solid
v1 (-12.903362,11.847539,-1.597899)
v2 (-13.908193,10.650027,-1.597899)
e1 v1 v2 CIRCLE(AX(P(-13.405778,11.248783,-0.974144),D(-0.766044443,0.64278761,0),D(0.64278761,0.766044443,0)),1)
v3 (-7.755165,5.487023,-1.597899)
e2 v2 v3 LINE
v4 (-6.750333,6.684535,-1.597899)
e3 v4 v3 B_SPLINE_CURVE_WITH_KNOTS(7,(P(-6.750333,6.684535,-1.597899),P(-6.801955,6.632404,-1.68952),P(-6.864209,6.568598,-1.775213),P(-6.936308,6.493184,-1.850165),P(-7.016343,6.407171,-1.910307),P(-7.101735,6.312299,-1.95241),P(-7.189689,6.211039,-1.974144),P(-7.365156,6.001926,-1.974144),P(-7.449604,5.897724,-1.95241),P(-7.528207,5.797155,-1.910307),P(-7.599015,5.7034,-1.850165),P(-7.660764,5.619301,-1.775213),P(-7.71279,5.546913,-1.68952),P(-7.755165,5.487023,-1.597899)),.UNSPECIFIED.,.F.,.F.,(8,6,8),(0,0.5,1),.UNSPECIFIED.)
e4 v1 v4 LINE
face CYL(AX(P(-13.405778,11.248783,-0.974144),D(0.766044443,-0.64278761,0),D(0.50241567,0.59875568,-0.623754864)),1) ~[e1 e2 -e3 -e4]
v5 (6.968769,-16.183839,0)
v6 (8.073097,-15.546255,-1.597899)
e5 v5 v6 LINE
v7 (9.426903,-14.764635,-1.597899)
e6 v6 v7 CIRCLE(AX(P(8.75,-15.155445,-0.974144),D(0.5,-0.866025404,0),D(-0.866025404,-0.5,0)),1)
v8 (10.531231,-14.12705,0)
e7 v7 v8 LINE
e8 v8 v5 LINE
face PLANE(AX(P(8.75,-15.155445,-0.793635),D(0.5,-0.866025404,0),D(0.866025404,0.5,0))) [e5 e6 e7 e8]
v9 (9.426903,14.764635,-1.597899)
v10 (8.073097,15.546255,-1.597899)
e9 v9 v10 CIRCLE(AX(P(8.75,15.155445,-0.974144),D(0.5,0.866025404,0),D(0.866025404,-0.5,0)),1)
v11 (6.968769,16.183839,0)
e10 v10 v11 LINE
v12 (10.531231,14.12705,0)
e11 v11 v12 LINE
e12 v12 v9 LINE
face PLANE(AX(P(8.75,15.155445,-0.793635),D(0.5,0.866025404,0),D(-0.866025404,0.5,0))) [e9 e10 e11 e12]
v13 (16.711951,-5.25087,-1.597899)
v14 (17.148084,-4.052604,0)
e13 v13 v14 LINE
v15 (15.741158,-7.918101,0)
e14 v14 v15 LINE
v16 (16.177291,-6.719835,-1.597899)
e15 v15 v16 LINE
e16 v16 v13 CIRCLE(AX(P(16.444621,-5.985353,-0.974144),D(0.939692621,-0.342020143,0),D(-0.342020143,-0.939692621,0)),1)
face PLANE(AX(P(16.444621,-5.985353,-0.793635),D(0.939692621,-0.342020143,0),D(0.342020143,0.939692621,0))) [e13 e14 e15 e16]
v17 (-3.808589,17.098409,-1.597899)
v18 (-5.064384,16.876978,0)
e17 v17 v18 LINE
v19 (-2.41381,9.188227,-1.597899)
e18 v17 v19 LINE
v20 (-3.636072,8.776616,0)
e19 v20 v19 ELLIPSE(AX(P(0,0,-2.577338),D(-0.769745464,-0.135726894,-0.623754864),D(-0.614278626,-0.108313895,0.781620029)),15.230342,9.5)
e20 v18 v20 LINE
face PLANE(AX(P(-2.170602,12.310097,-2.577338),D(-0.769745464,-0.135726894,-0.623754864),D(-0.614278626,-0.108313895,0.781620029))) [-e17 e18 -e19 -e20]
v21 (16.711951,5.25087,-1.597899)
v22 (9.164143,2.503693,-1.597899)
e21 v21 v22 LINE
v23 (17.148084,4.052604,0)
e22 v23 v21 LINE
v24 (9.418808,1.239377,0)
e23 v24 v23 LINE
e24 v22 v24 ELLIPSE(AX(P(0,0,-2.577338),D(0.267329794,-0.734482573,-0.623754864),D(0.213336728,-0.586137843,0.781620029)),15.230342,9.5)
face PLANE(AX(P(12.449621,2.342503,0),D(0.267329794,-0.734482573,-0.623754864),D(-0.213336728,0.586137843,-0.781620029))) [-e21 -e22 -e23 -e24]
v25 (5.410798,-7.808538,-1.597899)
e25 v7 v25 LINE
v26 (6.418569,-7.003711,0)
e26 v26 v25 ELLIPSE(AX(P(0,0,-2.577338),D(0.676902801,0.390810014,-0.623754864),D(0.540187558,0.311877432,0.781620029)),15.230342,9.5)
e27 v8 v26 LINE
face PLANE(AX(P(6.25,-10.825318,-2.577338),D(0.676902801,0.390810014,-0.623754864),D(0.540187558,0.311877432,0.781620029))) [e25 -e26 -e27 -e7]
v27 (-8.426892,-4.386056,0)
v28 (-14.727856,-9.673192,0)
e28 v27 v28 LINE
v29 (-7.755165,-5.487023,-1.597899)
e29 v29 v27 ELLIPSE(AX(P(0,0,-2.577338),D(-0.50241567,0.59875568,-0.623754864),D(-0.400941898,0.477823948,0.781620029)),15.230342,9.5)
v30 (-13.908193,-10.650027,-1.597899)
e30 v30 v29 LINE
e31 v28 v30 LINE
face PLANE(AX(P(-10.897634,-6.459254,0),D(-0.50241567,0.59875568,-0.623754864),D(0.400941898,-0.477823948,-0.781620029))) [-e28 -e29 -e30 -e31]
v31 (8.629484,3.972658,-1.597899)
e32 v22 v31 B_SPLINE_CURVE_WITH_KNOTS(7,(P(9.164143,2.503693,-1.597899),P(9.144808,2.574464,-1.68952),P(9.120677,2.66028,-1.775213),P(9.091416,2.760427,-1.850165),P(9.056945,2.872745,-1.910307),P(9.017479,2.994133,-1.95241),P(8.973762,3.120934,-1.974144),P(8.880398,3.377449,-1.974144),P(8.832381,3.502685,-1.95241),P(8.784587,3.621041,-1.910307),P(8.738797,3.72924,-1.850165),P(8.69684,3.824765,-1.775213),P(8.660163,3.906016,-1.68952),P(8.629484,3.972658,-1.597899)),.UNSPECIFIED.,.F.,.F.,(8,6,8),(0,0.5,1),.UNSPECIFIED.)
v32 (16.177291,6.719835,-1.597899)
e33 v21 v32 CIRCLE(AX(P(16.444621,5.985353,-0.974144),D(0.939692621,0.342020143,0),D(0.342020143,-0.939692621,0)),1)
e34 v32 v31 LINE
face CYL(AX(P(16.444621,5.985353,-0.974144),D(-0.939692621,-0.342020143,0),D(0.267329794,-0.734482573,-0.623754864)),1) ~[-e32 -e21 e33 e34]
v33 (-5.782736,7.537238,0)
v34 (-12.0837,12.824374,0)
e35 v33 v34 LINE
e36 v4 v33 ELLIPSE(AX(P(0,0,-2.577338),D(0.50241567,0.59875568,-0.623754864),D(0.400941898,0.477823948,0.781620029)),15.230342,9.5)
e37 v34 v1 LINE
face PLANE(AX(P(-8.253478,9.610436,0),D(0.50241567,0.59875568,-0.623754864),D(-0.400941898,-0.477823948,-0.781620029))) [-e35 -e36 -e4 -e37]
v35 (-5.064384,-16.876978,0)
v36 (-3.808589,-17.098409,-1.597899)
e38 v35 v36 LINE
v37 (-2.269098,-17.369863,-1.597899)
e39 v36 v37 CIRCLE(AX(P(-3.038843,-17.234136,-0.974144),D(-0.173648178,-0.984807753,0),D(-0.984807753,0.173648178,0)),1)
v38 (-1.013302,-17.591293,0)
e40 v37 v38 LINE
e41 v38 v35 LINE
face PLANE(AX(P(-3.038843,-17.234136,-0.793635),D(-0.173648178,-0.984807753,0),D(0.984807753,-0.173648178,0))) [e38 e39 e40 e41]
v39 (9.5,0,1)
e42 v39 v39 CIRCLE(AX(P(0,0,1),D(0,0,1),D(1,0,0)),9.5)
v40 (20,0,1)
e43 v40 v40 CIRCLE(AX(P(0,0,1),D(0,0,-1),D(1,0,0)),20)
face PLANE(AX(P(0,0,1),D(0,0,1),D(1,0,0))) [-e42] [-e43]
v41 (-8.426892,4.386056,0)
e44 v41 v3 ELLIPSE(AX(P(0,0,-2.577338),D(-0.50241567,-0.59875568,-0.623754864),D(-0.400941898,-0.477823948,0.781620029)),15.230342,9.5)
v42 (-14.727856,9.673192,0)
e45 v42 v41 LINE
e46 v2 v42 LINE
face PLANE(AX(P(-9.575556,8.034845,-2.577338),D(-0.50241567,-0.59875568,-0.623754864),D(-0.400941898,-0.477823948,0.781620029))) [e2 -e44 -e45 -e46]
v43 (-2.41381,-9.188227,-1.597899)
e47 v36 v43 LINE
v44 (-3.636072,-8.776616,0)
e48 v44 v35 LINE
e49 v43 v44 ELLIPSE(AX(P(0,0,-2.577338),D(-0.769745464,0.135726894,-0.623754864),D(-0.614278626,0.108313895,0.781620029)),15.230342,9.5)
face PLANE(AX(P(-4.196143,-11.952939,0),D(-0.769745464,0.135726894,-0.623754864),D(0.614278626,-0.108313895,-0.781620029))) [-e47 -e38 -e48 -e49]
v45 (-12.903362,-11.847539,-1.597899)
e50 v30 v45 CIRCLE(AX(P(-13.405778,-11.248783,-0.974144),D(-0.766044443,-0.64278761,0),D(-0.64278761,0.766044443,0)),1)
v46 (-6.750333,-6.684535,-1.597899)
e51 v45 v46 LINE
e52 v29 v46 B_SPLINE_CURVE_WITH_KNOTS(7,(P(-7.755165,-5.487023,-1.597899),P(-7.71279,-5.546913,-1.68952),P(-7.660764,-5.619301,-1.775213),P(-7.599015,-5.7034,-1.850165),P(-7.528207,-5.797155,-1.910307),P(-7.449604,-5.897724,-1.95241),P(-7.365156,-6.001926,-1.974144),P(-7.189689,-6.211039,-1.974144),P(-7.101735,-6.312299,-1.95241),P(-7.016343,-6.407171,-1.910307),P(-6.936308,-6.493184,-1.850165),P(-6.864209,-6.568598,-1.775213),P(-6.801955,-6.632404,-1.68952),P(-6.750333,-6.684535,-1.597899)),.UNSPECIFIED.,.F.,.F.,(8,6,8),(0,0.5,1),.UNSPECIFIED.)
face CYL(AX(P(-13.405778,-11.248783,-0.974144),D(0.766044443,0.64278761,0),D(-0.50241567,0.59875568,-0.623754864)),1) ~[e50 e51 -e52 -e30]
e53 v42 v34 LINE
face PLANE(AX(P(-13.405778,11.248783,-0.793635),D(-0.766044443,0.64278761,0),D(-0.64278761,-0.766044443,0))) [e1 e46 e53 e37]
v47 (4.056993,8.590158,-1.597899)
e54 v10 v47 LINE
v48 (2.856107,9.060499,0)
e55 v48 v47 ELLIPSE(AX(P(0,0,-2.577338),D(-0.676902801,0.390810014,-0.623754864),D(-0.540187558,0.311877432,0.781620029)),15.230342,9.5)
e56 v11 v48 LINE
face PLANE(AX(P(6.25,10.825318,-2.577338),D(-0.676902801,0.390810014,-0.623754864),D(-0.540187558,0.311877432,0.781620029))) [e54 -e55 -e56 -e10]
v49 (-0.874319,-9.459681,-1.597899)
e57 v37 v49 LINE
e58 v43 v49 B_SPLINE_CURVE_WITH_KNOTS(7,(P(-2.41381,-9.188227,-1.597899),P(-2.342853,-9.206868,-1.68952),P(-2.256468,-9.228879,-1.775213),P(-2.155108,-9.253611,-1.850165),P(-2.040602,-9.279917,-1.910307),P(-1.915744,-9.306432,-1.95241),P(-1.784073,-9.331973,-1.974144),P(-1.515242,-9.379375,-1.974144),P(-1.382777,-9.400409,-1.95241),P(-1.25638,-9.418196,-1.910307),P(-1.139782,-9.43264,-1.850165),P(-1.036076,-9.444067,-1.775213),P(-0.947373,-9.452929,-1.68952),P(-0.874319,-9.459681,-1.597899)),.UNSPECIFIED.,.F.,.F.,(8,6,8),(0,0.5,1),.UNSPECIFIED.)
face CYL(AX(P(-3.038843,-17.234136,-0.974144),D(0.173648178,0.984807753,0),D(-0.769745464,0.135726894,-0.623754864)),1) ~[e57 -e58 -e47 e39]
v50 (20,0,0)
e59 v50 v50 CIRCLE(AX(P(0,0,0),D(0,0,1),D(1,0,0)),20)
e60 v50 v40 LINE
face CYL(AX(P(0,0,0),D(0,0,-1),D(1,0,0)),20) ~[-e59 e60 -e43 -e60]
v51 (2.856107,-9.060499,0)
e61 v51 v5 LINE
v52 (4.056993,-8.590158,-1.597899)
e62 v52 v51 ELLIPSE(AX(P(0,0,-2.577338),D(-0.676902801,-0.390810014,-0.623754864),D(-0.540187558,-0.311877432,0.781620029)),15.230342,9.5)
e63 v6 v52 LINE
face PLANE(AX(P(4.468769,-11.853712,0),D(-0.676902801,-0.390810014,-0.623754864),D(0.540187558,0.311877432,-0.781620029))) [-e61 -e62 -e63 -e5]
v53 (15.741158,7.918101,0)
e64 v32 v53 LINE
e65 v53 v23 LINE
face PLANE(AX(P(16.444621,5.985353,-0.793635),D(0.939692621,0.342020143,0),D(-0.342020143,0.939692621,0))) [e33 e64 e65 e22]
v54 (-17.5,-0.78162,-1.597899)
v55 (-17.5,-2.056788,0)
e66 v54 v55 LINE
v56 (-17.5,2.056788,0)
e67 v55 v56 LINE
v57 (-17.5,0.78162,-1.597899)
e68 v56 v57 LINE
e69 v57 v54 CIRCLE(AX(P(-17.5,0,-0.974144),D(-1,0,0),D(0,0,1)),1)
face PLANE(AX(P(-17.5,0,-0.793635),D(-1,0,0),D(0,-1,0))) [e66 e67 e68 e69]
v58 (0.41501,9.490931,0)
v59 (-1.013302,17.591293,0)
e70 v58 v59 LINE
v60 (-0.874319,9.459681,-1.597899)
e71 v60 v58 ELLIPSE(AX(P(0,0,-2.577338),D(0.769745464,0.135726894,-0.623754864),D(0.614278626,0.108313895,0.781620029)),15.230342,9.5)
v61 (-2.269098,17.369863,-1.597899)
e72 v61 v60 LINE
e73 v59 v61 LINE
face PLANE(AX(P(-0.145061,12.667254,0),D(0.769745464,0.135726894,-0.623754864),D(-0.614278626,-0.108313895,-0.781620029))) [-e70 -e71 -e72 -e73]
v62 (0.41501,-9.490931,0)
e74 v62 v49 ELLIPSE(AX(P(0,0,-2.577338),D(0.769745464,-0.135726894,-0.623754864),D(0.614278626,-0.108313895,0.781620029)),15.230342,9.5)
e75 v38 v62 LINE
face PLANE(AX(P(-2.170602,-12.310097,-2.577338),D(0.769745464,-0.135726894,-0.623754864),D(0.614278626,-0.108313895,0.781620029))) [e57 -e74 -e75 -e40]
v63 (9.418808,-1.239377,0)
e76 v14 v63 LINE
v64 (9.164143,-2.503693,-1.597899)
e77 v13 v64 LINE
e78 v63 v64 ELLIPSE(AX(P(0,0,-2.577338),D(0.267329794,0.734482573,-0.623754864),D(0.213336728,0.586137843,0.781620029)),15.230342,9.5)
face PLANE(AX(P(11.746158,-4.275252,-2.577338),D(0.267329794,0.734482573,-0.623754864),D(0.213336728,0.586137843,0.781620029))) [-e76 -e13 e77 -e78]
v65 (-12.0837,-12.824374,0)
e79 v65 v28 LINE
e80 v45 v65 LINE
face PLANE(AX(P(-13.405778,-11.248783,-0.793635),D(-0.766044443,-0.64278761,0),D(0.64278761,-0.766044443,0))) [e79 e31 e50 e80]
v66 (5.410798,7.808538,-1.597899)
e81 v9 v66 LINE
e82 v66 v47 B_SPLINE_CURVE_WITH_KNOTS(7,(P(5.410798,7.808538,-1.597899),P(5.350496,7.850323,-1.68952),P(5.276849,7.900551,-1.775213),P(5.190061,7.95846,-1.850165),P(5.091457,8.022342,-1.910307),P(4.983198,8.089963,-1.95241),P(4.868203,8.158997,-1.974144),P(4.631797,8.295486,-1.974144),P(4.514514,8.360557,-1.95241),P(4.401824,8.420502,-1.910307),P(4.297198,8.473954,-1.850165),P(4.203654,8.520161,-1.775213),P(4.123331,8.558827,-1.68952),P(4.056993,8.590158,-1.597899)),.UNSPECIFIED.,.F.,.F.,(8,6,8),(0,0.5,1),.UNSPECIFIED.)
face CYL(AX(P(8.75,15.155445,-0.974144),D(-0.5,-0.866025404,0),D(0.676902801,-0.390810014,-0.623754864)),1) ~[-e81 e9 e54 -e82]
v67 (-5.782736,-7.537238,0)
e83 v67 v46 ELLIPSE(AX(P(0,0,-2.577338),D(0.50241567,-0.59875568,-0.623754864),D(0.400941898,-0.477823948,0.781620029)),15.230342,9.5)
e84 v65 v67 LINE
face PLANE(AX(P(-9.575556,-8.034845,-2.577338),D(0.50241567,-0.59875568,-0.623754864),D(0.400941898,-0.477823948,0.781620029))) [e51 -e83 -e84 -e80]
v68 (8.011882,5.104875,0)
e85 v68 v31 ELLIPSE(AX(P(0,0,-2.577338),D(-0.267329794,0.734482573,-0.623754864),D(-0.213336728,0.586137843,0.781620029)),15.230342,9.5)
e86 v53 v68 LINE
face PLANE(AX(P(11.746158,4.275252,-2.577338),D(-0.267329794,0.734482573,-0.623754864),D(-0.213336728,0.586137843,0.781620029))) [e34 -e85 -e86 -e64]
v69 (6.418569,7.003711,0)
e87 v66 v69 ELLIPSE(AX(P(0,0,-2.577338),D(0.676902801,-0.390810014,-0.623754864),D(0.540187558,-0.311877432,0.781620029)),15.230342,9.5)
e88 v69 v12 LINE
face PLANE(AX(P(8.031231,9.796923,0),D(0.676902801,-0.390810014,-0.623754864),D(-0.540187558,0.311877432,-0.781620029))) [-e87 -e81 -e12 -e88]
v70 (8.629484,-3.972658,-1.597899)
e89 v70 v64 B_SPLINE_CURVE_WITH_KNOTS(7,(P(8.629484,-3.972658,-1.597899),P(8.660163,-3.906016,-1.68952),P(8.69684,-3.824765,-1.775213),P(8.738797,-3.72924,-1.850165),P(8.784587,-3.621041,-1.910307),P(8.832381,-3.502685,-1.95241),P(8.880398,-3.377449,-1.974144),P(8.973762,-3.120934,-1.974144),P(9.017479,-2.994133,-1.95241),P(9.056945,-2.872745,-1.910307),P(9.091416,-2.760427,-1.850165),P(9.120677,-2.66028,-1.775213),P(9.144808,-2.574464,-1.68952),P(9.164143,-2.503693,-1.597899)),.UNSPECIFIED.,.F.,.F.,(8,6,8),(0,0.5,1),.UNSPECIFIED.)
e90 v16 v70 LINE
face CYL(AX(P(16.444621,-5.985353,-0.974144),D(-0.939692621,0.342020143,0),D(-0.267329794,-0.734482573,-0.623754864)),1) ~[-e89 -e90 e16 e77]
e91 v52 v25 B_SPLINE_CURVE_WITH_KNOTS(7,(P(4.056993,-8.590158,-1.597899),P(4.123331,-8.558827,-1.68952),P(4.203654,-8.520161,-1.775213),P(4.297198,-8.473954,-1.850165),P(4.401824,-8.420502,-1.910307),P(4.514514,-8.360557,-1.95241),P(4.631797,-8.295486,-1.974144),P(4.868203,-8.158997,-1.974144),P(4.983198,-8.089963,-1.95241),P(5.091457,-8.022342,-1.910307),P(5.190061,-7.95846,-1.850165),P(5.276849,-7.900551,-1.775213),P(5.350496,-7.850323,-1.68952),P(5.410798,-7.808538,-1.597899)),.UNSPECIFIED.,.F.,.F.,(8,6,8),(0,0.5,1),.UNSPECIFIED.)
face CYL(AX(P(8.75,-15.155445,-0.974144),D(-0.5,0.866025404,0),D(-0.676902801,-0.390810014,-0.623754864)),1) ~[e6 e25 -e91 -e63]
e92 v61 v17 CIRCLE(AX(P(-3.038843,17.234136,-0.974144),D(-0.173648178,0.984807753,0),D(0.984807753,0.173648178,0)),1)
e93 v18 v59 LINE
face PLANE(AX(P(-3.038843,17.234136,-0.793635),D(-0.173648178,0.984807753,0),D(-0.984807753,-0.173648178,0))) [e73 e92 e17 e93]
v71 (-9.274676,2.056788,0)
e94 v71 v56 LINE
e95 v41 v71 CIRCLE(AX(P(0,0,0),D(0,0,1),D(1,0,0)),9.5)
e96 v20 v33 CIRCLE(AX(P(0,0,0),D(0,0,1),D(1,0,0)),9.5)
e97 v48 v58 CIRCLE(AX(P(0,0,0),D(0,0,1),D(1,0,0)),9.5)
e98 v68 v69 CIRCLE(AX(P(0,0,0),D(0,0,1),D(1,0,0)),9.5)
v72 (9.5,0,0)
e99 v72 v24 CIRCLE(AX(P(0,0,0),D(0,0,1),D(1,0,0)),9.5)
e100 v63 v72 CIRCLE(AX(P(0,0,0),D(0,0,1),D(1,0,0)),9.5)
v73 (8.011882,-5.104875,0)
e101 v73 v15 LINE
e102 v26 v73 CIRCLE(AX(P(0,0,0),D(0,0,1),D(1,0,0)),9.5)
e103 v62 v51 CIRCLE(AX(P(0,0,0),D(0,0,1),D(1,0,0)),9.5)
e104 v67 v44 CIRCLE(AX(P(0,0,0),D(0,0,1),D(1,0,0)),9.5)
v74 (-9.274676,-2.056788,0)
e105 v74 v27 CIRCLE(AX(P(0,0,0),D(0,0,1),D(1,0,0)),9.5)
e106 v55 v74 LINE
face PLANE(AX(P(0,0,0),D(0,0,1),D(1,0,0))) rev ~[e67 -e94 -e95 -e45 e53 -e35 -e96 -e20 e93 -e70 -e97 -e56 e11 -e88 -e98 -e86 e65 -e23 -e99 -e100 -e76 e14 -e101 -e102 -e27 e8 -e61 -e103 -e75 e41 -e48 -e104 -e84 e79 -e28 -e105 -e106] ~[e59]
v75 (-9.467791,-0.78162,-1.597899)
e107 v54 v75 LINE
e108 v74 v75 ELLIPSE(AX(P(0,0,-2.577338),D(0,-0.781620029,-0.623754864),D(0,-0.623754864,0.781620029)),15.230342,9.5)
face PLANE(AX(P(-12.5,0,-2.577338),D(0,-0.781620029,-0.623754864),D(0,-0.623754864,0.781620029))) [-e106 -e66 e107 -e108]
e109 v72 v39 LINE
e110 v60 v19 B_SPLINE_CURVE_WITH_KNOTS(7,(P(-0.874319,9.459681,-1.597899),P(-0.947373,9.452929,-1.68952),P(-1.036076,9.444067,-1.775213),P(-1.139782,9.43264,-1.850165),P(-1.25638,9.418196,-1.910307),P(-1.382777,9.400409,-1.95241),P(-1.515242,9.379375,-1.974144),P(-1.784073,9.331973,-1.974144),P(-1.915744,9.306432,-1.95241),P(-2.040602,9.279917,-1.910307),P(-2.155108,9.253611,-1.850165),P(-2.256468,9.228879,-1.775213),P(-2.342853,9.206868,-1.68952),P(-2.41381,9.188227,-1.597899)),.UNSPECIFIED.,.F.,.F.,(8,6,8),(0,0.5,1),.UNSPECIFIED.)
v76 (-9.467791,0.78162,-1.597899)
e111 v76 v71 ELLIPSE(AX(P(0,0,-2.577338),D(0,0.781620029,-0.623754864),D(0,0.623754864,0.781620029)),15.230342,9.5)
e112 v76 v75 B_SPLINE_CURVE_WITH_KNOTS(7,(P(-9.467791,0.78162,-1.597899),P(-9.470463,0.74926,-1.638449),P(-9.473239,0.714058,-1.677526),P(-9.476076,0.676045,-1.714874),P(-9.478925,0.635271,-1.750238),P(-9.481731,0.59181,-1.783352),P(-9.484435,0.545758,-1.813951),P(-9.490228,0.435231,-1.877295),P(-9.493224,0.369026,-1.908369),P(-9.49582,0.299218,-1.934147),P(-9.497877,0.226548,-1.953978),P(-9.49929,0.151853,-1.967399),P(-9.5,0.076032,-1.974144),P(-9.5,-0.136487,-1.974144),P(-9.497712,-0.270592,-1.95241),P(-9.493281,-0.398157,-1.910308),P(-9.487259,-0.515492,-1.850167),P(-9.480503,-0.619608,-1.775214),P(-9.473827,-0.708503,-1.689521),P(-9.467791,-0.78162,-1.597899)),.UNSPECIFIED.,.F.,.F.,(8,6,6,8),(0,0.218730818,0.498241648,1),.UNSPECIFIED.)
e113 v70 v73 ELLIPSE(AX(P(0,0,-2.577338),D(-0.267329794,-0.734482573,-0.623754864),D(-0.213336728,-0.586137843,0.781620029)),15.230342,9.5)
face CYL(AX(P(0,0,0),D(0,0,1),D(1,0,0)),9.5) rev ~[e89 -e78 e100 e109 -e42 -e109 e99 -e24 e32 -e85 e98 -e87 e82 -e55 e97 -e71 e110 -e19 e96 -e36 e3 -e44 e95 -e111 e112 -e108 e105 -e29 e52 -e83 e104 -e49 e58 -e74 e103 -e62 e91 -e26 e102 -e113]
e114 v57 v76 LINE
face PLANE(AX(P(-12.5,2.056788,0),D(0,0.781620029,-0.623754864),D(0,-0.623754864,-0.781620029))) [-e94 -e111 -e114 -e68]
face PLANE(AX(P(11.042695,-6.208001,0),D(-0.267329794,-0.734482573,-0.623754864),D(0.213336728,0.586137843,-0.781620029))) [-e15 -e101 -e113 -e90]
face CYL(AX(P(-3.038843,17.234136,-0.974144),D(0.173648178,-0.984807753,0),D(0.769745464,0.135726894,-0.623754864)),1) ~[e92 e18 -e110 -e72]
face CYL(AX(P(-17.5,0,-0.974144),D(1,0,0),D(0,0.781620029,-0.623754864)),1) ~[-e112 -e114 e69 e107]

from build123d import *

# Parameters (mm, degrees)
F0_R     = 20
F0_R_2   = 9.5
F1_DEPTH = 1
F6_DEPTH = 5
F7_COUNT = 9
F8_R     = 1
F9_DEPTH = 5


with BuildPart() as f1:
    # F0 (on Top) → F1 (new body)
    with BuildSketch(Plane.XY):
        Circle(F0_R)
        Circle(F0_R_2, mode=Mode.SUBTRACT)
        Circle(F0_R_2)
    extrude(amount=F1_DEPTH)

    # F5 (on line) → F6 (join, symmetric)
    with BuildSketch(Plane(origin=(-12.5, 0, 0), x_dir=(0, -1, 0), z_dir=(-1, 0, 0))):
        Polygon((2.0567882708, 0), (-2.0567882708, 0), (0, -2.5773376692), align=None)
    extrude(amount=F6_DEPTH, both=True)

    # F7: F1 ×9 about axis
    f7_axis = Axis((0, 0, 0), (0, 0, 1))


with BuildPart() as f1_1:
    add(f1.part)
    for i in range(1, F7_COUNT):
        add(f1.part.rotate(f7_axis, i * 360 / F7_COUNT))

    # F8
    f8_edges = [f1_1.edges().sort_by_distance(p)[0] for p in [
        (-12.5, 0, -2.577338),
        (-9.575556, 8.034845, -2.577338),
        (-2.170602, 12.310097, -2.577338),
        (6.25, 10.825318, -2.577338),
        (11.746158, 4.275252, -2.577338),
        (11.746158, -4.275252, -2.577338),
        (6.25, -10.825318, -2.577338),
        (-2.170602, -12.310097, -2.577338),
        (-9.575556, -8.034845, -2.577338),
    ]]
    fillet(f8_edges, radius=F8_R)

    # F0 (on Top) → F9 (cut, symmetric)
    with BuildSketch(Plane.XY):
        Circle(F0_R_2)
    extrude(amount=F9_DEPTH, both=True, mode=Mode.SUBTRACT)


solid = f1_1.part
